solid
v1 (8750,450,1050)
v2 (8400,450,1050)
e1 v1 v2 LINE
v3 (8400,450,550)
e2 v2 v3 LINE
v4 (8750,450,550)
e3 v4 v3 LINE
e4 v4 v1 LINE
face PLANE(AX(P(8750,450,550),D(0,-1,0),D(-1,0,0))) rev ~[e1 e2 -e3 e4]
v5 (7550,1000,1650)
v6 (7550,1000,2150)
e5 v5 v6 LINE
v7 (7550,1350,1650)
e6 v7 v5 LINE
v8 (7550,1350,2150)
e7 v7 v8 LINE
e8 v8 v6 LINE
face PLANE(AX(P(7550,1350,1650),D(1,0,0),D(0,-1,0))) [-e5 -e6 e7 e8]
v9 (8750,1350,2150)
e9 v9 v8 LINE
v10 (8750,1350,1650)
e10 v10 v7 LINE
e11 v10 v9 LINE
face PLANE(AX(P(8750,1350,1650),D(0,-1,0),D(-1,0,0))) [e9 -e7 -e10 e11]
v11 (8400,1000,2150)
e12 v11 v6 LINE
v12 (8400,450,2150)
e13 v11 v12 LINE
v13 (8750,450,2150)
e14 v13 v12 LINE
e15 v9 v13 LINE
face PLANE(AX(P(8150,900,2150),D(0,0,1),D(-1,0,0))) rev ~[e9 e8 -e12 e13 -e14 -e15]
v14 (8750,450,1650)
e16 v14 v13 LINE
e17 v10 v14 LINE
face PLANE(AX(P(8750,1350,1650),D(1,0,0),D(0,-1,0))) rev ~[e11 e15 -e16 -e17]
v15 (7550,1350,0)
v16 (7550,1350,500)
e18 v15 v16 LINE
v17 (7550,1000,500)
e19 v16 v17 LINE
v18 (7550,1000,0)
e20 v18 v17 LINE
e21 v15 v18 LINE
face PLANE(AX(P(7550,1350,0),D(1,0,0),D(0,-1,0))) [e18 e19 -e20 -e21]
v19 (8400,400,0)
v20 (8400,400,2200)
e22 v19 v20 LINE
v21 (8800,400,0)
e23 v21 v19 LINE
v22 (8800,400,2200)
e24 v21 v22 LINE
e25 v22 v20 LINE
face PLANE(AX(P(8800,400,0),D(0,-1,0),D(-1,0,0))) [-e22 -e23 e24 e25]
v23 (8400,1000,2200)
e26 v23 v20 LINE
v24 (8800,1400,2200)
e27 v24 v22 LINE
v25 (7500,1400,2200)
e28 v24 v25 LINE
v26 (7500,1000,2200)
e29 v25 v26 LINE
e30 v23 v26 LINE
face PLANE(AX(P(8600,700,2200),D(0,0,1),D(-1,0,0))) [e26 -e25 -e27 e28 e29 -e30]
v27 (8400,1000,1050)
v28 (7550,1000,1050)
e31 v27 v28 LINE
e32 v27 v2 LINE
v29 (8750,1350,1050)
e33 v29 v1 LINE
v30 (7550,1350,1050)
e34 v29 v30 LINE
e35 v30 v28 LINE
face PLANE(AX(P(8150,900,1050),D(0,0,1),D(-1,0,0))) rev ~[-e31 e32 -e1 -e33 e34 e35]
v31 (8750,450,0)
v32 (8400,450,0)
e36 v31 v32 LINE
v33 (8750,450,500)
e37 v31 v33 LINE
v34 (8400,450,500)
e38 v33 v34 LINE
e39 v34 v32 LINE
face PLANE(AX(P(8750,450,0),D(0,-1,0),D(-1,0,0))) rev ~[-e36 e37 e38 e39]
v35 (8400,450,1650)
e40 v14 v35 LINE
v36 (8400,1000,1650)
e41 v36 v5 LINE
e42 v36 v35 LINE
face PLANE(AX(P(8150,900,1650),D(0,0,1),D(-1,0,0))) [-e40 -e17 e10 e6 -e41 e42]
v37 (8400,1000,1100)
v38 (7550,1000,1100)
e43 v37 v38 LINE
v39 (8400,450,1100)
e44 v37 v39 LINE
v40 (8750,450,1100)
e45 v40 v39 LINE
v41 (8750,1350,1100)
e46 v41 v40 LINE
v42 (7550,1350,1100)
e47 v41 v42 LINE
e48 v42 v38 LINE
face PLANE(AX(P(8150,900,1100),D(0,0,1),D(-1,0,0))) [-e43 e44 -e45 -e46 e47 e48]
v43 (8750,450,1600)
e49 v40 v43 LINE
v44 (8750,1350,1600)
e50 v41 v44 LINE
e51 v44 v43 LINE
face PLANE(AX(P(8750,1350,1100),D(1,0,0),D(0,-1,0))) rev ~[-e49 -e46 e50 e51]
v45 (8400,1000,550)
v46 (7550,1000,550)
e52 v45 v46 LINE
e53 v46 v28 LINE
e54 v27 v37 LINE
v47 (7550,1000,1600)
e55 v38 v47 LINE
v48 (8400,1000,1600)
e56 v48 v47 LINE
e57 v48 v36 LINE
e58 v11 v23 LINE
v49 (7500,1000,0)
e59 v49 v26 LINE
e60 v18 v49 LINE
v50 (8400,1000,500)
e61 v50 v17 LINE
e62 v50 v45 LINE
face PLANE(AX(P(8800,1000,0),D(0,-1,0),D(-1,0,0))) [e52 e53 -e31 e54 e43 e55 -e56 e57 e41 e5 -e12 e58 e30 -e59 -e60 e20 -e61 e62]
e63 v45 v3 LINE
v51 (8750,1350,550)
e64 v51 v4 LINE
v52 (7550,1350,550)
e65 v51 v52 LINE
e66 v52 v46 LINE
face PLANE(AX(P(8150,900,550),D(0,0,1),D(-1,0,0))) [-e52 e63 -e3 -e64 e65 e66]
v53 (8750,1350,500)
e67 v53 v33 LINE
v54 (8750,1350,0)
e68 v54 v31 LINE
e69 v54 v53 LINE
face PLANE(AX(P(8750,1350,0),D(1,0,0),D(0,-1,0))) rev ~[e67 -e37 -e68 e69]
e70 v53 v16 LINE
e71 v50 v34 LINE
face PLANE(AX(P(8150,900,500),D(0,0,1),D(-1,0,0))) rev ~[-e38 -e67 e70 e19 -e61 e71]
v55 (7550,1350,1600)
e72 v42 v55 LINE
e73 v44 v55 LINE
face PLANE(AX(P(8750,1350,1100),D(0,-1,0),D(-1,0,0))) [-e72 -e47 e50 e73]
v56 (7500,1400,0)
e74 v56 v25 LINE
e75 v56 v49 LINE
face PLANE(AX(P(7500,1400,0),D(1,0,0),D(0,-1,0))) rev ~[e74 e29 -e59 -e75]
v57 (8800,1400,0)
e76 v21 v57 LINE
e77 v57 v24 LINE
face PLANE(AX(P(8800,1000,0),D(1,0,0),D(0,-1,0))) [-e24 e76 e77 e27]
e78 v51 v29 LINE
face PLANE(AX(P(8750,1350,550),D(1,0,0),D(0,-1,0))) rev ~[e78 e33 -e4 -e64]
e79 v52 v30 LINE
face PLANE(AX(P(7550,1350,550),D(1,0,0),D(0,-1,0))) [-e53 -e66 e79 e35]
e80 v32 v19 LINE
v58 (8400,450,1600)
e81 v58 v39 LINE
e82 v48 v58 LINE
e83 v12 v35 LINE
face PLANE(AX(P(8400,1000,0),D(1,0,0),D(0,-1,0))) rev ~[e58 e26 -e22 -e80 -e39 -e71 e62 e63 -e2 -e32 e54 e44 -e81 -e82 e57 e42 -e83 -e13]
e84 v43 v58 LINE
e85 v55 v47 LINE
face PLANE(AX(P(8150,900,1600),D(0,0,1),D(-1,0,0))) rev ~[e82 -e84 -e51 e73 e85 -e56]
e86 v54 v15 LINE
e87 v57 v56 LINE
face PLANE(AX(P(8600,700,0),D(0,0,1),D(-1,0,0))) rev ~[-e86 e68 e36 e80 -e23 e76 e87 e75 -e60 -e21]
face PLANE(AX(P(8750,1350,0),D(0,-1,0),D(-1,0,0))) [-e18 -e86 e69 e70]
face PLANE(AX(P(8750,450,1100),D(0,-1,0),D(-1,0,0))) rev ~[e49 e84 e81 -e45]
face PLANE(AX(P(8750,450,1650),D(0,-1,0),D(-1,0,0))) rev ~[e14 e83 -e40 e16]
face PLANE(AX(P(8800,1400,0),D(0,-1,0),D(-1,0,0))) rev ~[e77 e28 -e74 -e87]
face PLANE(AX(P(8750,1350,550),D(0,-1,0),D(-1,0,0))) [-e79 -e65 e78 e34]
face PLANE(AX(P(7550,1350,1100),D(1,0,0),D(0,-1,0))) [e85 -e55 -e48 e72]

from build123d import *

# Parameters (mm, degrees)
BOX3529_W        = 1200
BOX3529_H        = 900
BOX3529_DEPTH    = 500
ARRAY281_Z_COUNT = 4
ARRAY281_Z_PITCH = 550
BOX3527_W        = 400
BOX3527_H        = 600
BOX3527_DEPTH    = 2200
BOX3528_W        = 1300
BOX3528_H        = 400
BOX3528_DEPTH    = 2200


with BuildPart() as array281:
    # Box3529 → Box3529 (new body)
    with BuildSketch(Plane(origin=(8850, 1350, 0), x_dir=(-1, 0, 0), z_dir=(0, 0, 1))):
        with Locations((600, 450)):
            Rectangle(BOX3529_W, BOX3529_H)
    extrude(amount=BOX3529_DEPTH)

    # Array281 Z: Array281 ×4


with BuildPart() as array281_1:
    add(array281.part)
    with Locations(*[(0, 0, i * ARRAY281_Z_PITCH) for i in range(1, ARRAY281_Z_COUNT)]):
        add(array281.part)


with BuildPart() as box3527:
    # Box3527 → Box3527 (new body)
    with BuildSketch(Plane(origin=(8900, 1000, 0), x_dir=(-1, 0, 0), z_dir=(0, 0, 1))):
        with Locations((200, 300)):
            Rectangle(BOX3527_W, BOX3527_H)
    extrude(amount=BOX3527_DEPTH)


with BuildPart() as cut003:
    # Box3528 → Box3528 (new body)
    with BuildSketch(Plane(origin=(8900, 1400, 0), x_dir=(-1, 0, 0), z_dir=(0, 0, 1))):
        with Locations((650, 200)):
            Rectangle(BOX3528_W, BOX3528_H)
    extrude(amount=BOX3528_DEPTH)

    # Fusion015: union Box3527
    add(box3527.part)

    # Cut003: cut Array281
    add(array281_1.part, mode=Mode.SUBTRACT)


with BuildPart() as cut003_1:
    # Cut003 placement: moved
    add(cut003.part.moved(Location((-100, 0, 0))))


solid = cut003_1.part
